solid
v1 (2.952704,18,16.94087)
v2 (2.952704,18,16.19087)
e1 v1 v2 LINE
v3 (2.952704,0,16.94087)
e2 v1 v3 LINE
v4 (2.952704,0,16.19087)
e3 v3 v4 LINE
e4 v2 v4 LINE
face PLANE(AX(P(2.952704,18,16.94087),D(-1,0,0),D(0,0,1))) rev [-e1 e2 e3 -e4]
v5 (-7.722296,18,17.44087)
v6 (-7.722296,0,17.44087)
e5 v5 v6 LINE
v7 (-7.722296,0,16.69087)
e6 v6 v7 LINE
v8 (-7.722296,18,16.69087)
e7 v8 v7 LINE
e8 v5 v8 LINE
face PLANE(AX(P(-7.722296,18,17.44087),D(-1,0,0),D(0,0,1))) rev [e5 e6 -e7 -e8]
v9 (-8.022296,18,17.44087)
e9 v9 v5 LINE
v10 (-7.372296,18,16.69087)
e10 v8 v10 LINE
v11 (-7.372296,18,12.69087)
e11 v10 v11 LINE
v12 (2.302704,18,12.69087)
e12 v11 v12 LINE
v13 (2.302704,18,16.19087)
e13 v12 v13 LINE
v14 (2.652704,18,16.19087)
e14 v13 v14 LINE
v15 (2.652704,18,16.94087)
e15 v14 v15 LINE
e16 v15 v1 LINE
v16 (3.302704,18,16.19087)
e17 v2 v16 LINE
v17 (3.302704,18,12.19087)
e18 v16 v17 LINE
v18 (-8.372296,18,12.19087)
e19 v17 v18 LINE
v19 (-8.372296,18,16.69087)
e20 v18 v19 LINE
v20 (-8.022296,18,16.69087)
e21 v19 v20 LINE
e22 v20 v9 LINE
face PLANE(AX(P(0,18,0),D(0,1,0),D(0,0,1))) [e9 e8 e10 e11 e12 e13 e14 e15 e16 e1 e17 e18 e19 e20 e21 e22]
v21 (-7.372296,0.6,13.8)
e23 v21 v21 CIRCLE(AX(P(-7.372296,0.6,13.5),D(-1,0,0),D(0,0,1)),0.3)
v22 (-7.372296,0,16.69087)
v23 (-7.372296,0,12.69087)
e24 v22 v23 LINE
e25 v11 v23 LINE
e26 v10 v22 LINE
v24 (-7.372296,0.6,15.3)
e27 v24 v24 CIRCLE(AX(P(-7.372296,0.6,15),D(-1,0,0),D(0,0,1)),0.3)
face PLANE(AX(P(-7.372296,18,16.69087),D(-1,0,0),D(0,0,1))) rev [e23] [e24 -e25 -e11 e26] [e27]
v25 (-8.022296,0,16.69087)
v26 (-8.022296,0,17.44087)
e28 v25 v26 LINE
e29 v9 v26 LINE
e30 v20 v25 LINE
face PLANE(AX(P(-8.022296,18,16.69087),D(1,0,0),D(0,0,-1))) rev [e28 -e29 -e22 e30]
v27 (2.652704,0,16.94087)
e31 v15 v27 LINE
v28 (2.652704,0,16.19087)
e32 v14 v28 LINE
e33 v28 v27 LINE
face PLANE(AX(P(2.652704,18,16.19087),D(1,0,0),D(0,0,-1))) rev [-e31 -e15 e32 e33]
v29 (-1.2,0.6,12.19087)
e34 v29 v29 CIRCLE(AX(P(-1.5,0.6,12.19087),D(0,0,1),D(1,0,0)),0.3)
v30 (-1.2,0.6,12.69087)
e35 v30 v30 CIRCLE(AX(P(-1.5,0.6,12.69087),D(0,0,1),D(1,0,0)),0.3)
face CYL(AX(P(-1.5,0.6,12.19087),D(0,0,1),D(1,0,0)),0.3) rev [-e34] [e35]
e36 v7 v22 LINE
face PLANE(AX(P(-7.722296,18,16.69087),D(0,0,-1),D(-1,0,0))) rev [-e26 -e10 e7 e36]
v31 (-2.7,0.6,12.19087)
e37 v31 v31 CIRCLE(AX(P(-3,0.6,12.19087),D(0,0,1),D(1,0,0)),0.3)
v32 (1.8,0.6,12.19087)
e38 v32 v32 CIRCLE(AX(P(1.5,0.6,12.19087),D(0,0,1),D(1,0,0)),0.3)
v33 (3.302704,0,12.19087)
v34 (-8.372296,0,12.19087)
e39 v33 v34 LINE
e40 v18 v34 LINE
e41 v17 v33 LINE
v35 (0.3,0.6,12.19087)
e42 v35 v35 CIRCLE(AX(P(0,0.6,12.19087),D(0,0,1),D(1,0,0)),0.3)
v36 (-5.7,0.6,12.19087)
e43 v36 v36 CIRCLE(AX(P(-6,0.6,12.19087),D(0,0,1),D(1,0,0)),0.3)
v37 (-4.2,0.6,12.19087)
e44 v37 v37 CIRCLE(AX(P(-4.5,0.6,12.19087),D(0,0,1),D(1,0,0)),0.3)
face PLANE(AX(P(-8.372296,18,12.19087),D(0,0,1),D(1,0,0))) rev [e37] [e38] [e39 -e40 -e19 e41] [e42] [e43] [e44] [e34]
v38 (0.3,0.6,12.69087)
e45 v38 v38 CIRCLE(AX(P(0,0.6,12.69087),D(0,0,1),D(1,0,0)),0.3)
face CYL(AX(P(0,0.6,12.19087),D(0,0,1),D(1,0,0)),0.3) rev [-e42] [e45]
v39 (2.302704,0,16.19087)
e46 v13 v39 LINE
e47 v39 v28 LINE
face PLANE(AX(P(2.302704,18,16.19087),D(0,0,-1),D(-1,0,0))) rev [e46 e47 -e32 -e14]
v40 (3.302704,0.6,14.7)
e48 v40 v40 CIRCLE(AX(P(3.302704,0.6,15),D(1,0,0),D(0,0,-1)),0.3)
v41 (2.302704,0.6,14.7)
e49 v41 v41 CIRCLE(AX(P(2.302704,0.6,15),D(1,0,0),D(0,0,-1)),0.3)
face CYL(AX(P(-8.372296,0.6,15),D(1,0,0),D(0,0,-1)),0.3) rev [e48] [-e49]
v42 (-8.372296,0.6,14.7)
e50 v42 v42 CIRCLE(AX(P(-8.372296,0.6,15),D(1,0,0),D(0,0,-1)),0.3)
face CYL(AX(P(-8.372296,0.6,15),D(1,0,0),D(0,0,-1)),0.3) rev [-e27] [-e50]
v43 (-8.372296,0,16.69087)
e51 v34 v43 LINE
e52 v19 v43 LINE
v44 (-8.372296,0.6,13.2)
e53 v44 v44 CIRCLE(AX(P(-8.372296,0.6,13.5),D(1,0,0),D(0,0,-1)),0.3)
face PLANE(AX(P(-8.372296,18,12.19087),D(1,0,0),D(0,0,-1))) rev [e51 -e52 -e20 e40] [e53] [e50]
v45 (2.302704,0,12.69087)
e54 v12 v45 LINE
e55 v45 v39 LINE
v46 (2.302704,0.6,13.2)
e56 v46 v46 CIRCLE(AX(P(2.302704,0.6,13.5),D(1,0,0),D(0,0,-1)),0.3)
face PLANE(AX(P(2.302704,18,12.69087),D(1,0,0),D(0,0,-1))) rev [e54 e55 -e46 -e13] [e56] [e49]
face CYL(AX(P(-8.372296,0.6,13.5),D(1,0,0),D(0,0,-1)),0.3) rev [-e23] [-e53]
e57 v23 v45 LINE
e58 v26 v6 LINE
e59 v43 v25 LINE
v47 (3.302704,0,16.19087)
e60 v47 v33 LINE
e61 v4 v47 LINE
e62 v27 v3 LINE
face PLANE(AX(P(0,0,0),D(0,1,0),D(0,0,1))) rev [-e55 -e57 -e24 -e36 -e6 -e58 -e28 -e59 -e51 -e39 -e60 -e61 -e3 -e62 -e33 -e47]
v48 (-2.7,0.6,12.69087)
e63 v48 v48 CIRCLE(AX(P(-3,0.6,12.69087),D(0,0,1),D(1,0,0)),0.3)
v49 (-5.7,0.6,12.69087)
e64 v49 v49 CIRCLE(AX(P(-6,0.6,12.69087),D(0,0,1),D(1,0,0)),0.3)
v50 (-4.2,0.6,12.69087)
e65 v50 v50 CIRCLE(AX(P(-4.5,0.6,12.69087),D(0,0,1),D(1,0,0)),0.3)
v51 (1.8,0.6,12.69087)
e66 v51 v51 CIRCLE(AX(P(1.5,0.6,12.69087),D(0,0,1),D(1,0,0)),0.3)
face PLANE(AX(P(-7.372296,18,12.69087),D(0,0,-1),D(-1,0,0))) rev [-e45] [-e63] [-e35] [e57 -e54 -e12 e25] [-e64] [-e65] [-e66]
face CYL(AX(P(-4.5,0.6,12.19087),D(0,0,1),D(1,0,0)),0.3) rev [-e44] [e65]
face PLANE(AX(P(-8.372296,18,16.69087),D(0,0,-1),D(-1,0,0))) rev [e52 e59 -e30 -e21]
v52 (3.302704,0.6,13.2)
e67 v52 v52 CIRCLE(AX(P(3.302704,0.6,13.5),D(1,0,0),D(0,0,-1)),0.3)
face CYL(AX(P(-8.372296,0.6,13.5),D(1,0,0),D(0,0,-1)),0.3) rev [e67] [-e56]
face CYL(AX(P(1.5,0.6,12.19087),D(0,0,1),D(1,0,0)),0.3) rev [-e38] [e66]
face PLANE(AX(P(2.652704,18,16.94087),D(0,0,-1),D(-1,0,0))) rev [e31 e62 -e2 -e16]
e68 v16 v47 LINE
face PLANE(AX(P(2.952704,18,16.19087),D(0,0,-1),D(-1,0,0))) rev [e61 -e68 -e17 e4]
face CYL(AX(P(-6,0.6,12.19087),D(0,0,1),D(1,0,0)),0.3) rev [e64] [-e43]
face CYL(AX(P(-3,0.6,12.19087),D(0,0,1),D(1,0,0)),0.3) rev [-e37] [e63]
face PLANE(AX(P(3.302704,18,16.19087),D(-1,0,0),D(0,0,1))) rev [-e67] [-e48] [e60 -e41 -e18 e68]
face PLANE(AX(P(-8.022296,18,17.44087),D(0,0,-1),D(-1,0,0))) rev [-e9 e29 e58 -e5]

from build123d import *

# Parameters (mm, degrees)
BOSS_EXTRUDE1_DEPTH = 18
SKETCH5_R           = 0.3
CUT_EXTRUDE1_DEPTH  = 1.5
SKETCH6_R           = 0.3
CUT_EXTRUDE2_DEPTH  = 12.675000001


with BuildPart() as part:
    # Sketch1 → Boss-Extrude1 (new body)
    with BuildSketch(Plane(origin=(0, 0, 0), x_dir=(1, 0, 0), z_dir=(0, 1, 0))):
        Polygon((-8.372296156, -12.19086985), (-8.372296156, -16.69086985), (-8.022296156, -16.69086985), (-8.022296156, -17.44086985), (-7.722296156, -17.44086985), (-7.722296156, -16.69086985), (-7.372296156, -16.69086985), (-7.372296156, -12.69086985), (2.302703845, -12.69086985), (2.302703845, -16.19086985), (2.652703845, -16.19086985), (2.652703845, -16.94086985), (2.952703845, -16.94086985), (2.952703845, -16.19086985), (3.302703845, -16.19086985), (3.302703845, -12.19086985), align=None)
    extrude(amount=BOSS_EXTRUDE1_DEPTH)

    # Sketch5 → Cut-Extrude1 (cut, through all)
    with BuildSketch(Plane.XY.offset(12.69086985)):
        with Locations((-6, 0.6)):
            Circle(SKETCH5_R)
        with Locations((-4.5, 0.6)):
            Circle(SKETCH5_R)
        with Locations((-3, 0.6)):
            Circle(SKETCH5_R)
        with Locations((-1.5, 0.6)):
            Circle(SKETCH5_R)
        with Locations((1.5, 0.6)):
            Circle(SKETCH5_R)
        with Locations((0, 0.6)):
            Circle(SKETCH5_R)
    extrude(amount=-CUT_EXTRUDE1_DEPTH, mode=Mode.SUBTRACT)

    # Sketch6 → Cut-Extrude2 (cut, through all)
    with BuildSketch(Plane(origin=(3.302703845, 0, 0), x_dir=(0, 0, -1), z_dir=(1, 0, 0))):
        with Locations((-15, 0.6)):
            Circle(SKETCH6_R)
        with Locations((-13.5, 0.6)):
            Circle(SKETCH6_R)
    extrude(amount=-CUT_EXTRUDE2_DEPTH, mode=Mode.SUBTRACT)


solid = part.part
